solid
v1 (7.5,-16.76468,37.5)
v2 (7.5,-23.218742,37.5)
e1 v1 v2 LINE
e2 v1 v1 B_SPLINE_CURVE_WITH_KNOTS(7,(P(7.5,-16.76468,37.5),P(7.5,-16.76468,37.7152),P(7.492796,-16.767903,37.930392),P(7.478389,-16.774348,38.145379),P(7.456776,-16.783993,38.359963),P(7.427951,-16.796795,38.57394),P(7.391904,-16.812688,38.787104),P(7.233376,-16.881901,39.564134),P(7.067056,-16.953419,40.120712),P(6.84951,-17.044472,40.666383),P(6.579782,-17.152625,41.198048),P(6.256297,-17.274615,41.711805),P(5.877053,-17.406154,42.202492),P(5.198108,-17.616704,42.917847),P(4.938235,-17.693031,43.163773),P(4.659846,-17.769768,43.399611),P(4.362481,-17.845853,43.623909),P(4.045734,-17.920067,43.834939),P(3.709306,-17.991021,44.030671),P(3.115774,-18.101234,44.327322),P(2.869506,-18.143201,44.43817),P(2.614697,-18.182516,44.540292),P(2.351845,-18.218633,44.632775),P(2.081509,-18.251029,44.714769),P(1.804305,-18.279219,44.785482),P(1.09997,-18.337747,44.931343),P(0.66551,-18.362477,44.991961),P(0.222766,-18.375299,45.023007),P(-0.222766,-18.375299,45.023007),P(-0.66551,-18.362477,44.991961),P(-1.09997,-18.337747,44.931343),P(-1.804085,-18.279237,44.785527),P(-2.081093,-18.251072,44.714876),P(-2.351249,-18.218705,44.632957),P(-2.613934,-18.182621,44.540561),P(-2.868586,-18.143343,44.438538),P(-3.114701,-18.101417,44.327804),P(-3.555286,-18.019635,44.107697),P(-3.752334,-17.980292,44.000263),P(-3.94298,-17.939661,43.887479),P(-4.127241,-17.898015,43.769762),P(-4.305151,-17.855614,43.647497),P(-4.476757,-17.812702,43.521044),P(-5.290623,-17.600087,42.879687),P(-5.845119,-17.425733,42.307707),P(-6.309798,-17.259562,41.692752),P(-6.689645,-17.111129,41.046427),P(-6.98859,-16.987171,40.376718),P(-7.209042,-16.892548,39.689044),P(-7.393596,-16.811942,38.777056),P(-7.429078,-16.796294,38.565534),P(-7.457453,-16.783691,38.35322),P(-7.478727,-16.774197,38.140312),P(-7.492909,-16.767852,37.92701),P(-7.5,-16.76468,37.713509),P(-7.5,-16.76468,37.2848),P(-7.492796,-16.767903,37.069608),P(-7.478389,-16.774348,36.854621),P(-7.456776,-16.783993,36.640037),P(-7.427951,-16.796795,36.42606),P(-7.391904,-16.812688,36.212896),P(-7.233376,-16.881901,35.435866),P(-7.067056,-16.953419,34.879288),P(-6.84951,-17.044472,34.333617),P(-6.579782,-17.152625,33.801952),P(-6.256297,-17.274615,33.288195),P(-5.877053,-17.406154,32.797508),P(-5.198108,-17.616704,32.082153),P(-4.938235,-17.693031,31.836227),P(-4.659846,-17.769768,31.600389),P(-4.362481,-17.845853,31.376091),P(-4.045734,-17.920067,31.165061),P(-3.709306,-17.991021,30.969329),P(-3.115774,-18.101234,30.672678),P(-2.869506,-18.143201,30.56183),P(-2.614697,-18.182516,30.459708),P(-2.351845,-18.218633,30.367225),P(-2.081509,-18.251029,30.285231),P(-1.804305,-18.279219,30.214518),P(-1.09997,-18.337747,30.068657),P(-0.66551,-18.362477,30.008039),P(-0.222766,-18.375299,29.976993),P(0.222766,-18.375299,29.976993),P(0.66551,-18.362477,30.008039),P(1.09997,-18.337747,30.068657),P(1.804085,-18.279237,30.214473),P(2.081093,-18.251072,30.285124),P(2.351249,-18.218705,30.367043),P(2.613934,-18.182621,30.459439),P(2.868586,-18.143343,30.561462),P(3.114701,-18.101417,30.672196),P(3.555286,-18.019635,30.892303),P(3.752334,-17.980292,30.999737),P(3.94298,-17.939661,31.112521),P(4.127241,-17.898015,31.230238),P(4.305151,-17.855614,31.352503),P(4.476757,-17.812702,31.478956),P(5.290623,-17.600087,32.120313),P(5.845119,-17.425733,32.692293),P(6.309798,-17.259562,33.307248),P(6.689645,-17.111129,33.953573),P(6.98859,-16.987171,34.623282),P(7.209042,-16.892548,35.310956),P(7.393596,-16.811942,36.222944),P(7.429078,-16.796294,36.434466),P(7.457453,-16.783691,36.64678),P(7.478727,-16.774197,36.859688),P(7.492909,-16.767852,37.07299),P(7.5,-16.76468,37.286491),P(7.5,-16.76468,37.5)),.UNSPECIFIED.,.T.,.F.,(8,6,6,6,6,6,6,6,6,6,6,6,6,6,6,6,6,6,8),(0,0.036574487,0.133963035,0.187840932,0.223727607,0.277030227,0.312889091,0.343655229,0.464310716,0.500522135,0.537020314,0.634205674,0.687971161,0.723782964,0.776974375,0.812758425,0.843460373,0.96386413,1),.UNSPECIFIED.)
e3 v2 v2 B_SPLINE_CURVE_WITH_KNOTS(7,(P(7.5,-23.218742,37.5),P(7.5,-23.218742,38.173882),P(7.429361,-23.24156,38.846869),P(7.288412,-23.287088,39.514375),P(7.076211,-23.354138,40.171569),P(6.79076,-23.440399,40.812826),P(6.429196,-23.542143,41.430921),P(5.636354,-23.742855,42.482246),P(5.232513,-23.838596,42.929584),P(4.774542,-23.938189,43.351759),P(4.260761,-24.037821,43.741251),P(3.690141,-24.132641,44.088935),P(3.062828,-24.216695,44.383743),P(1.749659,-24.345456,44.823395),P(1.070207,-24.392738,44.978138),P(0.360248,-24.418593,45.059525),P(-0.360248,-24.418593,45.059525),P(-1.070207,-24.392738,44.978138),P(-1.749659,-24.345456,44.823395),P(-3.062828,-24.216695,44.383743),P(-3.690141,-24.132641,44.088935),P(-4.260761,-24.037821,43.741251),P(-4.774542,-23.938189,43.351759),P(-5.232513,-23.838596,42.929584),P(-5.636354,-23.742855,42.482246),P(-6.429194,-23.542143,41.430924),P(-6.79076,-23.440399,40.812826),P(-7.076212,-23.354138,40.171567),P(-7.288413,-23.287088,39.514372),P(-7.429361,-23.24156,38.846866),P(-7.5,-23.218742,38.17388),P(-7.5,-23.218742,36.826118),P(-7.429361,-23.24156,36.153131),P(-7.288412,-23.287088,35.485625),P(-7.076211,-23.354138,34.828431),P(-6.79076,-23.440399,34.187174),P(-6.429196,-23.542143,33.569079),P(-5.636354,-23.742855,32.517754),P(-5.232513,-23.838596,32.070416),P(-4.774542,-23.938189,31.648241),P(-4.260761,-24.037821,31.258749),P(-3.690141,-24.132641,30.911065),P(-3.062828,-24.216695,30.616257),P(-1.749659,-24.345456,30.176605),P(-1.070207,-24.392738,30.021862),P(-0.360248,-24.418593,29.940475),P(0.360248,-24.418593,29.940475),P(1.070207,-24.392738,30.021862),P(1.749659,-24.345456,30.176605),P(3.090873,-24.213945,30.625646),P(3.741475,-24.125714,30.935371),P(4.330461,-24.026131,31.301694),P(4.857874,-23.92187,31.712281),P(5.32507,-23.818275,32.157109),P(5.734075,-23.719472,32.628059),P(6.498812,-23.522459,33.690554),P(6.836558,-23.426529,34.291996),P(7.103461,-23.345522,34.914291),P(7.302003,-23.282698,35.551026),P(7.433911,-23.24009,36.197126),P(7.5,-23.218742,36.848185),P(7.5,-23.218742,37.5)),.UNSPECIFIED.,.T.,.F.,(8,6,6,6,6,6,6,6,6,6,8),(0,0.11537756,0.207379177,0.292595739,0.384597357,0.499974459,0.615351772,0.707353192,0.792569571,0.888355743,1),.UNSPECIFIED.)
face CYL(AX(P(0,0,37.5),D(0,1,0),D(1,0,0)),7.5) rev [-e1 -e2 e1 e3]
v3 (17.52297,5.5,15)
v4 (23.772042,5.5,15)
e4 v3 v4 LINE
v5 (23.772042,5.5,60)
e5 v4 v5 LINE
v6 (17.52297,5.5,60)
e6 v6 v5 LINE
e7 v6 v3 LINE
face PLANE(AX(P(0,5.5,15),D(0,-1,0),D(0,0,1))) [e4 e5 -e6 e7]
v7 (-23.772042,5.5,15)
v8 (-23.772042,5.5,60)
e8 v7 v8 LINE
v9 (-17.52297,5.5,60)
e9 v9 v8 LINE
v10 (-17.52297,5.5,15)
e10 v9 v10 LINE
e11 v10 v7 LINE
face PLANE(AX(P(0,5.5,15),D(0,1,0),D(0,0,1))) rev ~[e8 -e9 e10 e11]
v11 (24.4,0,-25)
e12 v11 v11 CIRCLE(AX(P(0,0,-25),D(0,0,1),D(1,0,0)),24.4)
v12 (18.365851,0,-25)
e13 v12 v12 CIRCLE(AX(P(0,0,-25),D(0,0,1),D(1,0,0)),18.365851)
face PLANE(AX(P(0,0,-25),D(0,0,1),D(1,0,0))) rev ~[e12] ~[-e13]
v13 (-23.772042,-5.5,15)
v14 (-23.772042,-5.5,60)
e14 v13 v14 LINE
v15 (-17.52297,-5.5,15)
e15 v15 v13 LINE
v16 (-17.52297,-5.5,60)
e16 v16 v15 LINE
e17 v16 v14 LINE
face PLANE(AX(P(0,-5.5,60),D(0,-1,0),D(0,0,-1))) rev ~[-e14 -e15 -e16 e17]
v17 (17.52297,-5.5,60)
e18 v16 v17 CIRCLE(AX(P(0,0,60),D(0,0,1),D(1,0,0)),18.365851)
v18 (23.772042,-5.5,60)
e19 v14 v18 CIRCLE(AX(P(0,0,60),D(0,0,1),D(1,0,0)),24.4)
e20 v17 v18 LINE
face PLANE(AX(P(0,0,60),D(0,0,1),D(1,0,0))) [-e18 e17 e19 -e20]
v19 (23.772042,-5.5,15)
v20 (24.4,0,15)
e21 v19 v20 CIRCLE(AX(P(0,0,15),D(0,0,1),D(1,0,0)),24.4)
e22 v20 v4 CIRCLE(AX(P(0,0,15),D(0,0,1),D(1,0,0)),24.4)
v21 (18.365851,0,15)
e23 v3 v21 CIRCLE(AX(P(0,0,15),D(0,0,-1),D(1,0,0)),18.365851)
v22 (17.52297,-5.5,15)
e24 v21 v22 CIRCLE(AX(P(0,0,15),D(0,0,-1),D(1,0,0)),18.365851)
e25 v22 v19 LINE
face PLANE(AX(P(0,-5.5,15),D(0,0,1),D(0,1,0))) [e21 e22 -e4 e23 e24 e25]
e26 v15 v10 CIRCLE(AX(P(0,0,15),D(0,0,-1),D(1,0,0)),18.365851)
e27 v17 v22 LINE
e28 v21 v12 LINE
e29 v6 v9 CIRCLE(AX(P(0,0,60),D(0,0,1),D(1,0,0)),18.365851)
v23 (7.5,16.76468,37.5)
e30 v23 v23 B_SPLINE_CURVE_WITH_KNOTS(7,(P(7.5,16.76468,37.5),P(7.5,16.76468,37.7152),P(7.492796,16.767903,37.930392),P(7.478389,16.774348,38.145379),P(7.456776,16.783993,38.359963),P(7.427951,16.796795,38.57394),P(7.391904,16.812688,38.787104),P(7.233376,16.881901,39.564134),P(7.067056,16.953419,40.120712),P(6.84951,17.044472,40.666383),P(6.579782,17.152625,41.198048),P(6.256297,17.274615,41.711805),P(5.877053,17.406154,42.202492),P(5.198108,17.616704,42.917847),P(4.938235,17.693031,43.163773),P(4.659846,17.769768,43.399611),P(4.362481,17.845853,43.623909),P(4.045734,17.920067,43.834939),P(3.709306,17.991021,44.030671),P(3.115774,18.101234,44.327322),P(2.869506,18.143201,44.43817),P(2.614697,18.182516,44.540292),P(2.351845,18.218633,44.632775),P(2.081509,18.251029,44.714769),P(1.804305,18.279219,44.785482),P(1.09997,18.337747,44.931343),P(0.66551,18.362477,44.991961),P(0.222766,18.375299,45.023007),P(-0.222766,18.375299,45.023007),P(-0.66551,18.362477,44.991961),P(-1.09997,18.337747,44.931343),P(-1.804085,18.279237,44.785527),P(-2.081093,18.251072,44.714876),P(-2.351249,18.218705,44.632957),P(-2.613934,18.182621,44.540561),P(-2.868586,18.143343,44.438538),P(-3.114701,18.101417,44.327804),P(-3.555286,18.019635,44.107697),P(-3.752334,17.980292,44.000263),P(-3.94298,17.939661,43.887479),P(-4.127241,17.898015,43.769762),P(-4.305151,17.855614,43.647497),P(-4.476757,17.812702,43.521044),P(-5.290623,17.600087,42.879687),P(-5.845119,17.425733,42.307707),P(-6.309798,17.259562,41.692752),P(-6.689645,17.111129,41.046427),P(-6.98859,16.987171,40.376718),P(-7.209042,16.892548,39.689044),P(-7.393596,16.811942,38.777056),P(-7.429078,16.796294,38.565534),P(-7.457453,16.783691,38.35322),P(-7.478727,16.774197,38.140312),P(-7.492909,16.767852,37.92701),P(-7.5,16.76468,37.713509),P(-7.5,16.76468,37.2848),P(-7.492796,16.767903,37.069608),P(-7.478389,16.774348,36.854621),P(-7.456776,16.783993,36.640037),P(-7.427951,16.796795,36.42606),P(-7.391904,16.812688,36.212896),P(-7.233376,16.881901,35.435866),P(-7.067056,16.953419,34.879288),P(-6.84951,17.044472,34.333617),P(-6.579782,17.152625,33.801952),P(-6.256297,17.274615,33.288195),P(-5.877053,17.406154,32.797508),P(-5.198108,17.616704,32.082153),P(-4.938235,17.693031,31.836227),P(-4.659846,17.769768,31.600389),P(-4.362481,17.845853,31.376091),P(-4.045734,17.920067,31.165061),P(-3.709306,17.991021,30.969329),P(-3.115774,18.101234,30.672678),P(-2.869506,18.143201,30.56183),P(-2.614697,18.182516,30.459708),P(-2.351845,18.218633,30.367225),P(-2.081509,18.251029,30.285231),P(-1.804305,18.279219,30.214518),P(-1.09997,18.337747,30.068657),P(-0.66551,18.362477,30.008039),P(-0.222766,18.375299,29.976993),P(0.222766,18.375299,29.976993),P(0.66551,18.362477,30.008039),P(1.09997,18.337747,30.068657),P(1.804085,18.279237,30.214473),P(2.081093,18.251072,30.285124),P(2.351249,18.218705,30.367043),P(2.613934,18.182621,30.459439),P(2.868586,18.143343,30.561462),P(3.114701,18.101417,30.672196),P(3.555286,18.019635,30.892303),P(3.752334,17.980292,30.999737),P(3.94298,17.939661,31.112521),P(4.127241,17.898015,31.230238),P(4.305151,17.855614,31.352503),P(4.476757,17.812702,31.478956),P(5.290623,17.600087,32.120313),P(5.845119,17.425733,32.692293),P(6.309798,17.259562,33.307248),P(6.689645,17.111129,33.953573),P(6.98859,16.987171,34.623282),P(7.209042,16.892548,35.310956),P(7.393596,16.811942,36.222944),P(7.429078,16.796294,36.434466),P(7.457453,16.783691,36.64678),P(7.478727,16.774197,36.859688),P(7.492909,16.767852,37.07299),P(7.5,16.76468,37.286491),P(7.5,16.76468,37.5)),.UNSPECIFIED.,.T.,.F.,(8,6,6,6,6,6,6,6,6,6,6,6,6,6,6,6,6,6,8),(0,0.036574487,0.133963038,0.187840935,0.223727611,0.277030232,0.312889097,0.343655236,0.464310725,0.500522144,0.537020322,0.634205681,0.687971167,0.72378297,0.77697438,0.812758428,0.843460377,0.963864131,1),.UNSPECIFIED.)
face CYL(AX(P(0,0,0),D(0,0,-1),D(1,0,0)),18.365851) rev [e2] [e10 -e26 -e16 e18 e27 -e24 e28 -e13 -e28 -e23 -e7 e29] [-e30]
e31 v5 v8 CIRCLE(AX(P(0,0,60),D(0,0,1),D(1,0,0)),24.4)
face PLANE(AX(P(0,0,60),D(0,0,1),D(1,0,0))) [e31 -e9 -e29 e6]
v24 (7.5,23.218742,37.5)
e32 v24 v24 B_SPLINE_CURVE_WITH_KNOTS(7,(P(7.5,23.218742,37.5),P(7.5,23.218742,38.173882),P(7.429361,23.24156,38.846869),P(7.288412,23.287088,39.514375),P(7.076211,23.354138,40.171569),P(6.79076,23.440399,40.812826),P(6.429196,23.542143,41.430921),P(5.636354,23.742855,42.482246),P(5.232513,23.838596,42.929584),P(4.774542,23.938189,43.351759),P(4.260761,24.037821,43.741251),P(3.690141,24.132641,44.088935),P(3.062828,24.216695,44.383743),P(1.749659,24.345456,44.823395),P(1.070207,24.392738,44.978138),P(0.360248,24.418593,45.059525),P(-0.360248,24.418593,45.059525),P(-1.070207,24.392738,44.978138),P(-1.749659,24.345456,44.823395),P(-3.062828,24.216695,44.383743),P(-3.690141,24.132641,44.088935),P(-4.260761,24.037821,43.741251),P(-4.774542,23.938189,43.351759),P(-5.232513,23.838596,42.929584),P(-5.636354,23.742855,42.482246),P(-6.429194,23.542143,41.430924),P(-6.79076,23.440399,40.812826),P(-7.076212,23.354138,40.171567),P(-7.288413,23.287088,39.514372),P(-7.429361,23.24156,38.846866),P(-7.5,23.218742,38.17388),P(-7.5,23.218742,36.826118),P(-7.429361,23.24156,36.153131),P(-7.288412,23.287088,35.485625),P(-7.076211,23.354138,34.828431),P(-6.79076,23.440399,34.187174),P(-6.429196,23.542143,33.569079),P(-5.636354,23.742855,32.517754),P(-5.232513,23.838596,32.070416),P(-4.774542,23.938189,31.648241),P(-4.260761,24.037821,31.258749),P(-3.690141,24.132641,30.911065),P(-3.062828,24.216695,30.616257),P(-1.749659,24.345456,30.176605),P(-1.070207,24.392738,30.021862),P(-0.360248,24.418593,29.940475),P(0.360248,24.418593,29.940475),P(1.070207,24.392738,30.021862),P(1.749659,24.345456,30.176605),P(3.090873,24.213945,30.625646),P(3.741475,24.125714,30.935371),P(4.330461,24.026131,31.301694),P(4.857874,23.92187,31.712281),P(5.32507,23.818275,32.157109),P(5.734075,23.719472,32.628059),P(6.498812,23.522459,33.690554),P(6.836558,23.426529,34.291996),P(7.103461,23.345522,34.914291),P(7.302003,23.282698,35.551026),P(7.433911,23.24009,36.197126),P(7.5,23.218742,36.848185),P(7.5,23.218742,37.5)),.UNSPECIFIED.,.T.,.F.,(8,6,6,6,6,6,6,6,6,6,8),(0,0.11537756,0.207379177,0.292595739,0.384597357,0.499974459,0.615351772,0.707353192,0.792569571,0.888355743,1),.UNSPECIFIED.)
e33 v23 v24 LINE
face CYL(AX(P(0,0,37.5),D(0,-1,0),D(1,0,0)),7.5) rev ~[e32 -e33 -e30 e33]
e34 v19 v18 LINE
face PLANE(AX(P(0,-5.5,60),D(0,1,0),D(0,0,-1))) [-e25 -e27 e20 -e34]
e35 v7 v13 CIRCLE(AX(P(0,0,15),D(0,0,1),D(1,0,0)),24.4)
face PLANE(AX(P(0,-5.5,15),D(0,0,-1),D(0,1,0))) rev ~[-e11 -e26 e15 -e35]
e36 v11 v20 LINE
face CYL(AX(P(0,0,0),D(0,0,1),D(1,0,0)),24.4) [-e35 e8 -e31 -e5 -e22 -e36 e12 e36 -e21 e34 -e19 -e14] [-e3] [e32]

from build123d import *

# Parameters (mm, degrees)
F0_R          = 24.4
F0_R_2        = 18.36585117
F1_DEPTH      = 60
F2_R          = 24.4
F2_R_2        = 18.36585117
F3_DEPTH      = 25
F5_DEPTH      = 24.401
F5_DEPTH_BACK = 24.401
F6_R          = 7.5
F7_DEPTH      = 24.401
F7_DEPTH_BACK = 24.401


with BuildPart() as f1:
    # F0 (on Top) → F1 (new body)
    with BuildSketch(Plane.XY):
        Circle(F0_R)
        Circle(F0_R_2, mode=Mode.SUBTRACT)
    extrude(amount=F1_DEPTH)

    # F2 (on Top) → F3 (join)
    with BuildSketch(Plane.XY):
        Circle(F2_R)
        Circle(F2_R_2, mode=Mode.SUBTRACT)
    extrude(amount=-F3_DEPTH)

    # F4 (on Right) → F5 (cut, two sides)
    with BuildSketch(Plane.YZ) as f5_sk:
        Polygon((5.5, 60), (0, 60), (-5.5, 60), (-5.5, 15), (0, 15), (5.5, 15), align=None)
    extrude(amount=-F5_DEPTH, mode=Mode.SUBTRACT)
    extrude(f5_sk.sketch, amount=F5_DEPTH_BACK, mode=Mode.SUBTRACT)

    # F6 (on Front) → F7 (cut, two sides)
    with BuildSketch(Plane.XZ) as f7_sk:
        with Locations((0, 37.5)):
            Circle(F6_R)
    extrude(amount=-F7_DEPTH, mode=Mode.SUBTRACT)
    extrude(f7_sk.sketch, amount=F7_DEPTH_BACK, mode=Mode.SUBTRACT)


solid = f1.part
